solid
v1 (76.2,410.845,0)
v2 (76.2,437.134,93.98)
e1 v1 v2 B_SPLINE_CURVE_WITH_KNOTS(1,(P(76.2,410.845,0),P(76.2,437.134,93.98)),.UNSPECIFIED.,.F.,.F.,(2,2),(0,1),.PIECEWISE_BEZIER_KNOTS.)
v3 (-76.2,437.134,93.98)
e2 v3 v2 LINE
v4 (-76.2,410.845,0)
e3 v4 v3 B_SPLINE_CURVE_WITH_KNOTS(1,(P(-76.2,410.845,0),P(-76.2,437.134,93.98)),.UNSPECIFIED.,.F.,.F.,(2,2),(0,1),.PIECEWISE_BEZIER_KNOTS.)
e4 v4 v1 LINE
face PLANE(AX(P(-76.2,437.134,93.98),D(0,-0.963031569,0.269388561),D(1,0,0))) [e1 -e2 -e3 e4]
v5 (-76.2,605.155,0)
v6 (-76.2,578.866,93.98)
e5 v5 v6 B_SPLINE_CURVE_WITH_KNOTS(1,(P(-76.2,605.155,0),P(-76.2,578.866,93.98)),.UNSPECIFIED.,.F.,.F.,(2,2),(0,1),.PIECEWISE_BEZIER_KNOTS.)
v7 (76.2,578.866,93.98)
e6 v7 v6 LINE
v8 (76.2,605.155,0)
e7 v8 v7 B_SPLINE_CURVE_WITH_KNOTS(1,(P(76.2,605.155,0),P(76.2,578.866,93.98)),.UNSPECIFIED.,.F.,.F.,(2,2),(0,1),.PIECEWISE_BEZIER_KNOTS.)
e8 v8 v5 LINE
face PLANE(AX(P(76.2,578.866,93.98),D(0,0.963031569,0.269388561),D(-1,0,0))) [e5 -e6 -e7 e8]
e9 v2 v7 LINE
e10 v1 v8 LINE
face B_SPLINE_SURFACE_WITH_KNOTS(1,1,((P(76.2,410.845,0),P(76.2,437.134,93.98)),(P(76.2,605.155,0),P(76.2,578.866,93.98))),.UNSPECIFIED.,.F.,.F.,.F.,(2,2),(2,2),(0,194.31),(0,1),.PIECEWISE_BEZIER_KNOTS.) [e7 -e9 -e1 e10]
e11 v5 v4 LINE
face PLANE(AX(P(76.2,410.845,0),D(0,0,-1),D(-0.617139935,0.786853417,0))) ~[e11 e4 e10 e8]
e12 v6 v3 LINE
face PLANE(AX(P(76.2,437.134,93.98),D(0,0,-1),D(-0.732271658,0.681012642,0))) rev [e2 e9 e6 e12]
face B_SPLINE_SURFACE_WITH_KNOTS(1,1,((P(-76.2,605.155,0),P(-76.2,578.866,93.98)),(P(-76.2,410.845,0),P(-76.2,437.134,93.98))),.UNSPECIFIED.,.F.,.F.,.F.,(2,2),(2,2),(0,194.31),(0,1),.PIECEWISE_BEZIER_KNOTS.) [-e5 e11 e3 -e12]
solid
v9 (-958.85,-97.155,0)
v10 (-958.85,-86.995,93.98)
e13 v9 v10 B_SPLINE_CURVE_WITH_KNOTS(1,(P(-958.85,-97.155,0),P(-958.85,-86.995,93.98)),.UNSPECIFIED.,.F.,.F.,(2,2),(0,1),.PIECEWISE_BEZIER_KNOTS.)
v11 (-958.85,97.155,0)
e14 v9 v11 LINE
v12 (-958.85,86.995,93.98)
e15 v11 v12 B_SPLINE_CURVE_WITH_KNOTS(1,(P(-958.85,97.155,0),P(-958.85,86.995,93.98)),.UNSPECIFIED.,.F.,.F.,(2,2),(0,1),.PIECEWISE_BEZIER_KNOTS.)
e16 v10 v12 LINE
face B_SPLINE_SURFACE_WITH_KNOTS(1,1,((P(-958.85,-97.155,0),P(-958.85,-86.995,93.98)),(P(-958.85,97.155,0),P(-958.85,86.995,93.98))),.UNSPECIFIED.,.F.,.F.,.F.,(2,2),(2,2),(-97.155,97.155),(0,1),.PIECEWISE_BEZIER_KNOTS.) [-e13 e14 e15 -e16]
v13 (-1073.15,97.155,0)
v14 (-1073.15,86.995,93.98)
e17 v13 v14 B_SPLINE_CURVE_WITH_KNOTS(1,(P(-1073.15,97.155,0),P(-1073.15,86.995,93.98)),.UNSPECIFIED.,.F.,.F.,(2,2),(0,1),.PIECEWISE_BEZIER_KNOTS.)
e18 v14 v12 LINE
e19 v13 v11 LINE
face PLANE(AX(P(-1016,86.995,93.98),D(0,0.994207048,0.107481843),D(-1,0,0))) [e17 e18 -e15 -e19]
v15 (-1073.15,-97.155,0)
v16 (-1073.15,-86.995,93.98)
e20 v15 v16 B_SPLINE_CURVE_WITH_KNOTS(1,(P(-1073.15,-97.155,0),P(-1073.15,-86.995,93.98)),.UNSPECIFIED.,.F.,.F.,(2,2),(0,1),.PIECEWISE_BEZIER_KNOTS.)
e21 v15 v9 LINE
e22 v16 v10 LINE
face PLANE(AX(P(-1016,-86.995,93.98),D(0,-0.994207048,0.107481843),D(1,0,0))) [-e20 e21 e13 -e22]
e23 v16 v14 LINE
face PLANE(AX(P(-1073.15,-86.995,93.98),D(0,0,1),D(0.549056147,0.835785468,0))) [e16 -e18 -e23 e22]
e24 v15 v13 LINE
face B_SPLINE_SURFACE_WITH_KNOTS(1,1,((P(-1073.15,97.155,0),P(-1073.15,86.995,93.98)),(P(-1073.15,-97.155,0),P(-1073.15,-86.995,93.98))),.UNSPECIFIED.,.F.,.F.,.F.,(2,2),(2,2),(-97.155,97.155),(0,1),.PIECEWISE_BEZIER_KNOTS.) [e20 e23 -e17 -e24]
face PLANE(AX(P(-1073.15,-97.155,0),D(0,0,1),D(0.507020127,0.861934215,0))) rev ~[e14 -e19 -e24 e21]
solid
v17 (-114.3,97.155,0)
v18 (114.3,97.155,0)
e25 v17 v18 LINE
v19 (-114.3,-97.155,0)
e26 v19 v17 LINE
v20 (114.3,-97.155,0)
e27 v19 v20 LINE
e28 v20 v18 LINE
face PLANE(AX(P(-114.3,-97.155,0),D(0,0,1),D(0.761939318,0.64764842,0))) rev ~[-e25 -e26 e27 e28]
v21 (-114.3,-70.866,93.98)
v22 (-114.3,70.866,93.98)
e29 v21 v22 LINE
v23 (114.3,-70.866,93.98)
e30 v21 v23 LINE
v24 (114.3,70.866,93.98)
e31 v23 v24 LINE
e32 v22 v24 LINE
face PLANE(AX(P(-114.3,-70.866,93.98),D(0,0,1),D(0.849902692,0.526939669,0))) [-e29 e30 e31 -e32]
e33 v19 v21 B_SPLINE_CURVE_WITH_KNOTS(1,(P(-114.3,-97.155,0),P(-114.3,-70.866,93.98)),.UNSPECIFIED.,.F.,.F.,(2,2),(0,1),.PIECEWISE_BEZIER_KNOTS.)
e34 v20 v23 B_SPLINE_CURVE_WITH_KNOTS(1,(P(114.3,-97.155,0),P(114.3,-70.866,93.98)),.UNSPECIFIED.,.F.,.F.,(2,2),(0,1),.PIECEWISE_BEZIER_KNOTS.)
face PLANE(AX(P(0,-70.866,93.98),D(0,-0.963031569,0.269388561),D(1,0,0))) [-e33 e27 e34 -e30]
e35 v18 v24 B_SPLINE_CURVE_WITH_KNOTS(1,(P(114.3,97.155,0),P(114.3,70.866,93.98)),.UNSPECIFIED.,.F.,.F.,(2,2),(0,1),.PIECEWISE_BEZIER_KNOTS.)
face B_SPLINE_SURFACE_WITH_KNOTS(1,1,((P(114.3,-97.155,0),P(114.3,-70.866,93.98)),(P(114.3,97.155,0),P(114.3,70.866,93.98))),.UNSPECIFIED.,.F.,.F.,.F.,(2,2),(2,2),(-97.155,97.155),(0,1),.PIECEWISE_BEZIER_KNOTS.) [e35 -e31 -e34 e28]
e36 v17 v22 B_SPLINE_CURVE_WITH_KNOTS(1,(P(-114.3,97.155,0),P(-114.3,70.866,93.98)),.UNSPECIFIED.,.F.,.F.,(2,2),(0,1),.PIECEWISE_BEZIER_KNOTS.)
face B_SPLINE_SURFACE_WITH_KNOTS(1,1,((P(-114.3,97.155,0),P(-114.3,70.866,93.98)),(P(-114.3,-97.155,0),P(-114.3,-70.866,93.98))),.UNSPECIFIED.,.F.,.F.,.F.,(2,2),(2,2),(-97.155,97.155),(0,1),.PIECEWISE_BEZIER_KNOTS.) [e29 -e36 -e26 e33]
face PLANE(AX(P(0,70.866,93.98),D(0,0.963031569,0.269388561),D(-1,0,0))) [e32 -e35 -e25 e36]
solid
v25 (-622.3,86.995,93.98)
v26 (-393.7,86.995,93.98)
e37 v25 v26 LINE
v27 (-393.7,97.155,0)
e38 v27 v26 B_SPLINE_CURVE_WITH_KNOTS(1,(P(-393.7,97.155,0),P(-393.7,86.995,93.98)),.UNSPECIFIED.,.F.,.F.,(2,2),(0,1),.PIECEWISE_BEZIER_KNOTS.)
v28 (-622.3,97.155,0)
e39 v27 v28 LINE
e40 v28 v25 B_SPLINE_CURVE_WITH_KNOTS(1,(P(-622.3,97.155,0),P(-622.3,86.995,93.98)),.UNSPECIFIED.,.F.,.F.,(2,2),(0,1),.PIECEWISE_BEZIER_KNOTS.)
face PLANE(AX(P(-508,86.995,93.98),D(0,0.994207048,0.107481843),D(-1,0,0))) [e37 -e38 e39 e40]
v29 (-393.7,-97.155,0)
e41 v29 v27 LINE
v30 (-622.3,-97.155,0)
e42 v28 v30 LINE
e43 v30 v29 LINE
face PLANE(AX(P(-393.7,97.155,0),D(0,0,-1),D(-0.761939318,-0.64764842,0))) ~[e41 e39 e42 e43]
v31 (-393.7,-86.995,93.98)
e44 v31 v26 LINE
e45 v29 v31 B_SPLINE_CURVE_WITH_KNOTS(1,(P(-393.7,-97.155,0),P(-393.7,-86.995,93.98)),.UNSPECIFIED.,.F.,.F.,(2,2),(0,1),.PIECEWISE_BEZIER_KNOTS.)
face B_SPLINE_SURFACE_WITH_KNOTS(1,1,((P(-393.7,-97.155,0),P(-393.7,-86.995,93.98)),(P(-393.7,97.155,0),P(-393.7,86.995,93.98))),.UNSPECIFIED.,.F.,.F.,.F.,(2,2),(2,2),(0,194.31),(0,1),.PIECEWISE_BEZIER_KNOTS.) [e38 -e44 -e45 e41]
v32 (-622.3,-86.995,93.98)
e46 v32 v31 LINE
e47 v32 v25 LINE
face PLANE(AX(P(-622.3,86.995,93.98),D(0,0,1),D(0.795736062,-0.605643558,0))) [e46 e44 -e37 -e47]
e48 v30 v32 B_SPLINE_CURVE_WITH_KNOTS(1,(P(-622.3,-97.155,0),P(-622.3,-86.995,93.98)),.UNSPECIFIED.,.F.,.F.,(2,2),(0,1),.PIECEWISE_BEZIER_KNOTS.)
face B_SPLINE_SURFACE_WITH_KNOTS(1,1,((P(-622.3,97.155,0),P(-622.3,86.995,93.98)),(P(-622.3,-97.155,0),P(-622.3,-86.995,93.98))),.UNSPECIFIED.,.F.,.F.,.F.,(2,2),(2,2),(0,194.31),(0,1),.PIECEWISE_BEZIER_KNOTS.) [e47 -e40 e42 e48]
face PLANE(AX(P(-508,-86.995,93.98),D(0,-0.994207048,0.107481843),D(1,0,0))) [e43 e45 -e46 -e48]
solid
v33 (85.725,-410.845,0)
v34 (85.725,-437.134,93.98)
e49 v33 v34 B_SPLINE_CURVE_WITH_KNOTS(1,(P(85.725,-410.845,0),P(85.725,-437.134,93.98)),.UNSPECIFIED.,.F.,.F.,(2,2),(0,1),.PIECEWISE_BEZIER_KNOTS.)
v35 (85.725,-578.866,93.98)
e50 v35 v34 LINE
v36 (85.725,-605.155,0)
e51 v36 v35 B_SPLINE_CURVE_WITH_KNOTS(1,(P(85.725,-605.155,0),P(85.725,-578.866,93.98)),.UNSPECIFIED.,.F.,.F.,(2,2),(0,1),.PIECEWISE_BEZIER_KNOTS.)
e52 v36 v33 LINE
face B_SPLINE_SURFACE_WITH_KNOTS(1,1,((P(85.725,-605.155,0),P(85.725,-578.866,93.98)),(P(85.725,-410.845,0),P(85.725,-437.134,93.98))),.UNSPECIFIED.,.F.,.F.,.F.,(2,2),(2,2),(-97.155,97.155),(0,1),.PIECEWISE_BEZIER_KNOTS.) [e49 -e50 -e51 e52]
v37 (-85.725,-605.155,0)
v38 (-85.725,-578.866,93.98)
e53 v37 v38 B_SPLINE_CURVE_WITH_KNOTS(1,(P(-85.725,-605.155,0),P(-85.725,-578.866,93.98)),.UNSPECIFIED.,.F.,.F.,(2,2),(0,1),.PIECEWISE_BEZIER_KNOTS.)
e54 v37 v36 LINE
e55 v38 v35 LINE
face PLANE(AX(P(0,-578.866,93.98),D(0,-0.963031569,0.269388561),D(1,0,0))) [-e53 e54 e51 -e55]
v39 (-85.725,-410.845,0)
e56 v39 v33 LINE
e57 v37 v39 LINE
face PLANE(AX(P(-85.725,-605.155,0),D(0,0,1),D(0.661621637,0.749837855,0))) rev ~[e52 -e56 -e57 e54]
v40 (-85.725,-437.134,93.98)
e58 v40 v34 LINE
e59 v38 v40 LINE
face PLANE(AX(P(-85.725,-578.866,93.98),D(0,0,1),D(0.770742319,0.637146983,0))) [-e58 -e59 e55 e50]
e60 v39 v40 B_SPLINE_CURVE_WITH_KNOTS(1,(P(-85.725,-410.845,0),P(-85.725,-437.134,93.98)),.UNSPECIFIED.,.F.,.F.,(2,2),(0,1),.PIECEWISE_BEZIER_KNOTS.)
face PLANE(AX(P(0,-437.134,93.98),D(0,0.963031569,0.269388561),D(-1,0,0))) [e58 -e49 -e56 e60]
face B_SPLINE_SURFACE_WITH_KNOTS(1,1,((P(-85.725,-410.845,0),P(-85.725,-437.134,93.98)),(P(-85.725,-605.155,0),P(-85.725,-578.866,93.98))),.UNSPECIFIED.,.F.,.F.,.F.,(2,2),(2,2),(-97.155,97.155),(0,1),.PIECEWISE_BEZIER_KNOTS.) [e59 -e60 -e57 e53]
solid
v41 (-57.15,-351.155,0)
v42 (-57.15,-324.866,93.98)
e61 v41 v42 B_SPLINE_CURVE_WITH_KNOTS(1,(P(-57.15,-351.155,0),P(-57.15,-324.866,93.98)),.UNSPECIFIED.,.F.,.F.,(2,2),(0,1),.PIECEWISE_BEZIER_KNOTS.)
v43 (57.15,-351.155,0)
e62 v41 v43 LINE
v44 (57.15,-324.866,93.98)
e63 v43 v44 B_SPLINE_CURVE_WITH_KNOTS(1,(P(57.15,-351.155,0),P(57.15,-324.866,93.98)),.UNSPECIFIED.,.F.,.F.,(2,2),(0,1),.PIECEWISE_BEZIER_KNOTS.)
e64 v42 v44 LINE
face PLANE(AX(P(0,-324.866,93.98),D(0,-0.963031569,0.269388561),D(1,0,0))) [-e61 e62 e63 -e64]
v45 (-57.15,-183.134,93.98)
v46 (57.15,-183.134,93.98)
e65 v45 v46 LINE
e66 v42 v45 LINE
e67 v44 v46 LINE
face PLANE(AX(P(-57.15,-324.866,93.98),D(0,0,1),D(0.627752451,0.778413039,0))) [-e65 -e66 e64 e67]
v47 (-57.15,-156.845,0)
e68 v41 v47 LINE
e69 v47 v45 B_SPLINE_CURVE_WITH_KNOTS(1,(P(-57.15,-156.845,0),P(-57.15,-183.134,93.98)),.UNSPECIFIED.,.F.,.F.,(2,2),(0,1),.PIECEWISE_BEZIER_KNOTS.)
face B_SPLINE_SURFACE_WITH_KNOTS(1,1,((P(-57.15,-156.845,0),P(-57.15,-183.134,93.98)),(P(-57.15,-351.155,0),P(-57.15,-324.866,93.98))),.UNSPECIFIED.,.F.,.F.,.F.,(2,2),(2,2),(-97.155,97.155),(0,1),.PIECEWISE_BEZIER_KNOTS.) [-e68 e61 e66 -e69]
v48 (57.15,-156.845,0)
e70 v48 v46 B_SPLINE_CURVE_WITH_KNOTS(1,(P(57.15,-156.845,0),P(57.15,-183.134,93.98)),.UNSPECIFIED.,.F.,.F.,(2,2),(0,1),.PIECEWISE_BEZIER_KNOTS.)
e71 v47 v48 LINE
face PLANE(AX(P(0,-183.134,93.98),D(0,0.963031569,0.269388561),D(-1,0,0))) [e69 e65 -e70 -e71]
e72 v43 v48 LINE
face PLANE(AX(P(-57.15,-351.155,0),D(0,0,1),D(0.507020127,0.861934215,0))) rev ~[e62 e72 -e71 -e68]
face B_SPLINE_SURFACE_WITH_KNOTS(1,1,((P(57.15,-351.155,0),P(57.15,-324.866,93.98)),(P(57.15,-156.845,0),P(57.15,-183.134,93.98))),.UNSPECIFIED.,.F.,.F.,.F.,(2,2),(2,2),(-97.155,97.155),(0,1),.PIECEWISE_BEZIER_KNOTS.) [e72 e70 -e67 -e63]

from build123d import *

# Parameters (mm, degrees)
F0_W   = 228.6
F0_H   = 194.31
F2_W   = 228.6
F2_H   = 141.732
F0_W_2 = 114.3
F2_W_2 = 114.3
F0_W_3 = 171.45
F2_W_3 = 171.45
F2_H_2 = 173.99


with BuildPart() as f3:
    # F0 (on Top) → F3 section 0
    with BuildSketch(Plane.XY):
        Rectangle(F0_W, F0_H)
    # F2 (on offset) → F3 section 1
    with BuildSketch(Plane.XY.offset(93.98)):
        Rectangle(F2_W, F2_H)
    loft()


with BuildPart() as f4:
    # F0 (on Top) → F4 section 0
    with BuildSketch(Plane.XY):
        with Locations((0, -254)):
            Rectangle(F0_W_2, F0_H)
    # F2 (on offset) → F4 section 1
    with BuildSketch(Plane.XY.offset(93.98)):
        with Locations((0, -254)):
            Rectangle(F2_W_2, F2_H)
    loft()


with BuildPart() as f5:
    # F0 (on Top) → F5 section 0
    with BuildSketch(Plane.XY):
        with Locations((0, -508)):
            Rectangle(F0_W_3, F0_H)
    # F2 (on offset) → F5 section 1
    with BuildSketch(Plane.XY.offset(93.98)):
        with Locations((0, -508)):
            Rectangle(F2_W_3, F2_H)
    loft()


with BuildPart() as f6:
    # F0 (on Top) → F6 section 0
    with BuildSketch(Plane.XY):
        Polygon((0, 410.845), (76.2, 410.845), (76.2, 605.155), (-76.2, 605.155), (-76.2, 410.845), align=None)
    # F2 (on offset) → F6 section 1
    with BuildSketch(Plane.XY.offset(93.98)):
        Polygon((0, 437.134), (76.2, 437.134), (76.2, 578.866), (-76.2, 578.866), (-76.2, 437.134), align=None)
    loft()


with BuildPart() as f7:
    # F0 (on Top) → F7 section 0
    with BuildSketch(Plane.XY):
        Polygon((-393.7, 97.155), (-622.3, 97.155), (-622.3, 86.995), (-622.3, -86.995), (-622.3, -92.075), (-622.3, -97.155), (-393.7, -97.155), align=None)
    # F2 (on offset) → F7 section 1
    with BuildSketch(Plane.XY.offset(93.98)):
        with Locations((-508, 0)):
            Rectangle(F2_W, F2_H_2)
    loft()


with BuildPart() as f8:
    # F0 (on Top) → F8 section 0
    with BuildSketch(Plane.XY):
        with Locations((-1016, 0)):
            Rectangle(F0_W_2, F0_H)
    # F2 (on offset) → F8 section 1
    with BuildSketch(Plane.XY.offset(93.98)):
        with Locations((-1016, 0)):
            Rectangle(F2_W_2, F2_H_2)
    loft()


solid = Compound([f3.part, f4.part, f5.part, f6.part, f7.part, f8.part])
